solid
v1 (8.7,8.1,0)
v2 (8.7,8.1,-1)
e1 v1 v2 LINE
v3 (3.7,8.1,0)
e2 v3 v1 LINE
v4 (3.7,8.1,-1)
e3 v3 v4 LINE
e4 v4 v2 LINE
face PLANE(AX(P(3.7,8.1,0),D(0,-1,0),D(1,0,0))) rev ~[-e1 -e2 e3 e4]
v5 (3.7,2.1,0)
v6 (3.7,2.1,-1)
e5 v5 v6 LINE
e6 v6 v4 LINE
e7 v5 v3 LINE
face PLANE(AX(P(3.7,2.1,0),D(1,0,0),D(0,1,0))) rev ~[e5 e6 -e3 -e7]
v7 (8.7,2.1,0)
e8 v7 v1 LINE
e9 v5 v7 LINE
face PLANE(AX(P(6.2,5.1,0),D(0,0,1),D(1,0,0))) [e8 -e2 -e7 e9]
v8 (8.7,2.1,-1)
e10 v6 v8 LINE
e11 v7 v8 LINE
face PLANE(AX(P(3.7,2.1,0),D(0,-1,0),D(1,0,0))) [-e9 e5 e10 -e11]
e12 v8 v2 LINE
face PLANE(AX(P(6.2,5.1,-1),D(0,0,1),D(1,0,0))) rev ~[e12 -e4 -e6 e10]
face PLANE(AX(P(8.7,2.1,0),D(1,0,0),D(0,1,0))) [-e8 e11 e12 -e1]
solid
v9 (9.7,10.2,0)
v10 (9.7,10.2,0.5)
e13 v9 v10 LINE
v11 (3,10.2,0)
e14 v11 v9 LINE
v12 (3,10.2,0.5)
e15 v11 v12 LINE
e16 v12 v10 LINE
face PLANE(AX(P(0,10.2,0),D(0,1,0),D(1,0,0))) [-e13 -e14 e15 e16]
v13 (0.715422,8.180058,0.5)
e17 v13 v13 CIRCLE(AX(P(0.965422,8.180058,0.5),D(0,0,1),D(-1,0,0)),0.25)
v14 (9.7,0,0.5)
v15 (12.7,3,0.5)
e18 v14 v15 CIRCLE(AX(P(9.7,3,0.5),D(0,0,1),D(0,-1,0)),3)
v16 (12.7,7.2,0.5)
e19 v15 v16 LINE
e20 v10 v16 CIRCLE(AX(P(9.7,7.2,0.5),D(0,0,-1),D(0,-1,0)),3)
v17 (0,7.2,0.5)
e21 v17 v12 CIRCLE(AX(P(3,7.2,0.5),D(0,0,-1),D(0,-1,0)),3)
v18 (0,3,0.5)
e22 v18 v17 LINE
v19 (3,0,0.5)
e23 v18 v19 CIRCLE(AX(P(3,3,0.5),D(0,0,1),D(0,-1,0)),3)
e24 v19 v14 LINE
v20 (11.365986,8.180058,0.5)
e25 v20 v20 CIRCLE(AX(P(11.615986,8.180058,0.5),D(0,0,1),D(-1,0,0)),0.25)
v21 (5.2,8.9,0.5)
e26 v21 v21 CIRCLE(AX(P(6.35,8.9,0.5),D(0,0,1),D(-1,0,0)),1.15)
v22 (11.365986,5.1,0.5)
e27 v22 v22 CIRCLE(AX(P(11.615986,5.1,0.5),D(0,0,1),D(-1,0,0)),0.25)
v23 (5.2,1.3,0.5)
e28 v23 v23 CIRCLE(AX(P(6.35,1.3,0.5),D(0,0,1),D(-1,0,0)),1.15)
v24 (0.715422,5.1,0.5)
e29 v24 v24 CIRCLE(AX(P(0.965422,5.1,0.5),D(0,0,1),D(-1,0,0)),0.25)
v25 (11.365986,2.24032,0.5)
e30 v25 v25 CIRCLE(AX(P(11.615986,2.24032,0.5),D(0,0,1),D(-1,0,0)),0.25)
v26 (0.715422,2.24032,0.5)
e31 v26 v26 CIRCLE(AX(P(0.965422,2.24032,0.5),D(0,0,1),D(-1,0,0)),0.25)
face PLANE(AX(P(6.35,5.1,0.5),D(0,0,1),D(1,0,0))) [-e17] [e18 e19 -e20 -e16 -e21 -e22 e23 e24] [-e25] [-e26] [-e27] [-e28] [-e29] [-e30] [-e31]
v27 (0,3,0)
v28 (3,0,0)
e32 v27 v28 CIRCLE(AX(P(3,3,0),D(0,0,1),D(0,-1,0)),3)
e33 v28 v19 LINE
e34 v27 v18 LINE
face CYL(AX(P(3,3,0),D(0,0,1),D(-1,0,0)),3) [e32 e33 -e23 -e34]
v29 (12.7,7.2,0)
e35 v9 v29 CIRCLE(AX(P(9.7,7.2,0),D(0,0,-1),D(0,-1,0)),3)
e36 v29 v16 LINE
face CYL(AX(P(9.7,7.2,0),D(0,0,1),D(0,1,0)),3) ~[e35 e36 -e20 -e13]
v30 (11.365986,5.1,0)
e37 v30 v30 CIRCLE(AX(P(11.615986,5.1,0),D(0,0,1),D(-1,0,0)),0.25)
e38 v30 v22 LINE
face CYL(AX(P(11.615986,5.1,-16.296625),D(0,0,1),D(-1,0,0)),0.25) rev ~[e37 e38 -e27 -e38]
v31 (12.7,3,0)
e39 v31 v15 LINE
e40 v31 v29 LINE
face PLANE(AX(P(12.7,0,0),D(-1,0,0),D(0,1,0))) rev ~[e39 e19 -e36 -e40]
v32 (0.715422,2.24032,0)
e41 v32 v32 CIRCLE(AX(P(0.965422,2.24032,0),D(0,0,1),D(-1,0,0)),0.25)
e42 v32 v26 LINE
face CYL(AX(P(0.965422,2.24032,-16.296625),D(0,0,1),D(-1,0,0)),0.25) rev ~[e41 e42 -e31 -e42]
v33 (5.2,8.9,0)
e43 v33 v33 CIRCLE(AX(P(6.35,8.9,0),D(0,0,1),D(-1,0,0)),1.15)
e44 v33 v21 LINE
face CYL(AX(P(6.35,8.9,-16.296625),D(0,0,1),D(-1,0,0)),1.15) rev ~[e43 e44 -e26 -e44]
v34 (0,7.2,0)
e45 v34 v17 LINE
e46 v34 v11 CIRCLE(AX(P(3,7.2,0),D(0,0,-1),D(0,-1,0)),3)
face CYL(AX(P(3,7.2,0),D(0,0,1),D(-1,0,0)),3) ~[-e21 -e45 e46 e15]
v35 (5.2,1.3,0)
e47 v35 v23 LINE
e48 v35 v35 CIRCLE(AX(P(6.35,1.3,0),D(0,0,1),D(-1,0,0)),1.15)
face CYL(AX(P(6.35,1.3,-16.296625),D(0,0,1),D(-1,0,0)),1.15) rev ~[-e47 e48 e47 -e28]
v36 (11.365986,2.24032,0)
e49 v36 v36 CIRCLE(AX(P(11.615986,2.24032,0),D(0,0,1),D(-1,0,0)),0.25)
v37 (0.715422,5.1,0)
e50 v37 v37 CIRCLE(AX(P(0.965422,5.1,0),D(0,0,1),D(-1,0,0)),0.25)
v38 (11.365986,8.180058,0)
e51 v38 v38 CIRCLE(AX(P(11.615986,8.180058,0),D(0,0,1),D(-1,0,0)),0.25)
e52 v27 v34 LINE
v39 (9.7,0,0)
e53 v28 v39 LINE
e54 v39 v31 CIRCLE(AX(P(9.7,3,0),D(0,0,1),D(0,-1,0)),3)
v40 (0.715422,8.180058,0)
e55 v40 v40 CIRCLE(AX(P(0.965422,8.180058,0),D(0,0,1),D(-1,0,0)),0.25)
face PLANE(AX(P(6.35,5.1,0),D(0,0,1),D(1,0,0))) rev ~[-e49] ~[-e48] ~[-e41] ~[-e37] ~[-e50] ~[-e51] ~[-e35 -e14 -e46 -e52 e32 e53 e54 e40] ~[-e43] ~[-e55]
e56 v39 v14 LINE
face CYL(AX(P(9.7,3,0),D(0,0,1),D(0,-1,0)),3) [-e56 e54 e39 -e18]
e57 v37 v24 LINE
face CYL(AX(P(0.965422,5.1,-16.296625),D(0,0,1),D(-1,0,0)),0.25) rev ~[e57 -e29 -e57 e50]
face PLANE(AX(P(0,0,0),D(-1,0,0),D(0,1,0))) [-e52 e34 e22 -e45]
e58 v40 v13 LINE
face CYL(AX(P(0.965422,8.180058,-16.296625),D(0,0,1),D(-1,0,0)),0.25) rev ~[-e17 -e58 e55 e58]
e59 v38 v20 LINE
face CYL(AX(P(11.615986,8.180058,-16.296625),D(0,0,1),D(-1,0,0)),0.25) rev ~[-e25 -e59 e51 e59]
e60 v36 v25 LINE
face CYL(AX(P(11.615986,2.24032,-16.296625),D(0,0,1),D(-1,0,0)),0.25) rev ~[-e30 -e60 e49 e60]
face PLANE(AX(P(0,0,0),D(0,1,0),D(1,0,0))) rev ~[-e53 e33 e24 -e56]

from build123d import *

# Parameters (mm, degrees)
F0_W     = 12.7
F0_H     = 10.2
F0_W_2   = 5
F0_H_2   = 6
F1_DEPTH = 0.5
F2_DEPTH = 1
F3_D     = 0.5
F4_D     = 2.3
F5_R     = 3


with BuildPart() as f1:
    # F0 (on Top) → F1 (new body)
    with BuildSketch(Plane.XY):
        with Locations((6.35, 5.1)):
            Rectangle(F0_W, F0_H)
        with Locations((6.2, 5.1)):
            Rectangle(F0_W_2, F0_H_2, mode=Mode.SUBTRACT)
        with Locations((6.2, 5.1)):
            Rectangle(F0_W_2, F0_H_2)
    extrude(amount=F1_DEPTH)

    # F3 (through all)
    with Locations(Plane(origin=(0, 0, 0), x_dir=(1, 0, 0), z_dir=(0, 0, -1))):
        with Locations((11.6159860045, -2.2403197363), (11.6159860045, -5.1), (11.6159860045, -8.1800576299), (0.9654218447, -8.1800576299), (0.9654218447, -5.1), (0.9654218447, -2.2403197363)):
            Hole(F3_D / 2)

    # F4 (through all)
    with Locations(Plane(origin=(0, 0, 0), x_dir=(1, 0, 0), z_dir=(0, 0, -1))):
        with Locations((6.35, -1.3), (6.35, -8.9)):
            Hole(F4_D / 2)

    # F5
    f5_edges = [f1.edges().sort_by_distance(p)[0] for p in [
        (0, 10.2, 0.25),
        (12.7, 10.2, 0.25),
        (0, 0, 0.25),
        (12.7, 0, 0.25),
    ]]
    fillet(f5_edges, radius=F5_R)


with BuildPart() as f2:
    # F0 (on Top) → F2 (new body)
    with BuildSketch(Plane.XY):
        with Locations((6.2, 5.1)):
            Rectangle(F0_W_2, F0_H_2)
    extrude(amount=-F2_DEPTH)


solid = Compound([f1.part, f2.part])
